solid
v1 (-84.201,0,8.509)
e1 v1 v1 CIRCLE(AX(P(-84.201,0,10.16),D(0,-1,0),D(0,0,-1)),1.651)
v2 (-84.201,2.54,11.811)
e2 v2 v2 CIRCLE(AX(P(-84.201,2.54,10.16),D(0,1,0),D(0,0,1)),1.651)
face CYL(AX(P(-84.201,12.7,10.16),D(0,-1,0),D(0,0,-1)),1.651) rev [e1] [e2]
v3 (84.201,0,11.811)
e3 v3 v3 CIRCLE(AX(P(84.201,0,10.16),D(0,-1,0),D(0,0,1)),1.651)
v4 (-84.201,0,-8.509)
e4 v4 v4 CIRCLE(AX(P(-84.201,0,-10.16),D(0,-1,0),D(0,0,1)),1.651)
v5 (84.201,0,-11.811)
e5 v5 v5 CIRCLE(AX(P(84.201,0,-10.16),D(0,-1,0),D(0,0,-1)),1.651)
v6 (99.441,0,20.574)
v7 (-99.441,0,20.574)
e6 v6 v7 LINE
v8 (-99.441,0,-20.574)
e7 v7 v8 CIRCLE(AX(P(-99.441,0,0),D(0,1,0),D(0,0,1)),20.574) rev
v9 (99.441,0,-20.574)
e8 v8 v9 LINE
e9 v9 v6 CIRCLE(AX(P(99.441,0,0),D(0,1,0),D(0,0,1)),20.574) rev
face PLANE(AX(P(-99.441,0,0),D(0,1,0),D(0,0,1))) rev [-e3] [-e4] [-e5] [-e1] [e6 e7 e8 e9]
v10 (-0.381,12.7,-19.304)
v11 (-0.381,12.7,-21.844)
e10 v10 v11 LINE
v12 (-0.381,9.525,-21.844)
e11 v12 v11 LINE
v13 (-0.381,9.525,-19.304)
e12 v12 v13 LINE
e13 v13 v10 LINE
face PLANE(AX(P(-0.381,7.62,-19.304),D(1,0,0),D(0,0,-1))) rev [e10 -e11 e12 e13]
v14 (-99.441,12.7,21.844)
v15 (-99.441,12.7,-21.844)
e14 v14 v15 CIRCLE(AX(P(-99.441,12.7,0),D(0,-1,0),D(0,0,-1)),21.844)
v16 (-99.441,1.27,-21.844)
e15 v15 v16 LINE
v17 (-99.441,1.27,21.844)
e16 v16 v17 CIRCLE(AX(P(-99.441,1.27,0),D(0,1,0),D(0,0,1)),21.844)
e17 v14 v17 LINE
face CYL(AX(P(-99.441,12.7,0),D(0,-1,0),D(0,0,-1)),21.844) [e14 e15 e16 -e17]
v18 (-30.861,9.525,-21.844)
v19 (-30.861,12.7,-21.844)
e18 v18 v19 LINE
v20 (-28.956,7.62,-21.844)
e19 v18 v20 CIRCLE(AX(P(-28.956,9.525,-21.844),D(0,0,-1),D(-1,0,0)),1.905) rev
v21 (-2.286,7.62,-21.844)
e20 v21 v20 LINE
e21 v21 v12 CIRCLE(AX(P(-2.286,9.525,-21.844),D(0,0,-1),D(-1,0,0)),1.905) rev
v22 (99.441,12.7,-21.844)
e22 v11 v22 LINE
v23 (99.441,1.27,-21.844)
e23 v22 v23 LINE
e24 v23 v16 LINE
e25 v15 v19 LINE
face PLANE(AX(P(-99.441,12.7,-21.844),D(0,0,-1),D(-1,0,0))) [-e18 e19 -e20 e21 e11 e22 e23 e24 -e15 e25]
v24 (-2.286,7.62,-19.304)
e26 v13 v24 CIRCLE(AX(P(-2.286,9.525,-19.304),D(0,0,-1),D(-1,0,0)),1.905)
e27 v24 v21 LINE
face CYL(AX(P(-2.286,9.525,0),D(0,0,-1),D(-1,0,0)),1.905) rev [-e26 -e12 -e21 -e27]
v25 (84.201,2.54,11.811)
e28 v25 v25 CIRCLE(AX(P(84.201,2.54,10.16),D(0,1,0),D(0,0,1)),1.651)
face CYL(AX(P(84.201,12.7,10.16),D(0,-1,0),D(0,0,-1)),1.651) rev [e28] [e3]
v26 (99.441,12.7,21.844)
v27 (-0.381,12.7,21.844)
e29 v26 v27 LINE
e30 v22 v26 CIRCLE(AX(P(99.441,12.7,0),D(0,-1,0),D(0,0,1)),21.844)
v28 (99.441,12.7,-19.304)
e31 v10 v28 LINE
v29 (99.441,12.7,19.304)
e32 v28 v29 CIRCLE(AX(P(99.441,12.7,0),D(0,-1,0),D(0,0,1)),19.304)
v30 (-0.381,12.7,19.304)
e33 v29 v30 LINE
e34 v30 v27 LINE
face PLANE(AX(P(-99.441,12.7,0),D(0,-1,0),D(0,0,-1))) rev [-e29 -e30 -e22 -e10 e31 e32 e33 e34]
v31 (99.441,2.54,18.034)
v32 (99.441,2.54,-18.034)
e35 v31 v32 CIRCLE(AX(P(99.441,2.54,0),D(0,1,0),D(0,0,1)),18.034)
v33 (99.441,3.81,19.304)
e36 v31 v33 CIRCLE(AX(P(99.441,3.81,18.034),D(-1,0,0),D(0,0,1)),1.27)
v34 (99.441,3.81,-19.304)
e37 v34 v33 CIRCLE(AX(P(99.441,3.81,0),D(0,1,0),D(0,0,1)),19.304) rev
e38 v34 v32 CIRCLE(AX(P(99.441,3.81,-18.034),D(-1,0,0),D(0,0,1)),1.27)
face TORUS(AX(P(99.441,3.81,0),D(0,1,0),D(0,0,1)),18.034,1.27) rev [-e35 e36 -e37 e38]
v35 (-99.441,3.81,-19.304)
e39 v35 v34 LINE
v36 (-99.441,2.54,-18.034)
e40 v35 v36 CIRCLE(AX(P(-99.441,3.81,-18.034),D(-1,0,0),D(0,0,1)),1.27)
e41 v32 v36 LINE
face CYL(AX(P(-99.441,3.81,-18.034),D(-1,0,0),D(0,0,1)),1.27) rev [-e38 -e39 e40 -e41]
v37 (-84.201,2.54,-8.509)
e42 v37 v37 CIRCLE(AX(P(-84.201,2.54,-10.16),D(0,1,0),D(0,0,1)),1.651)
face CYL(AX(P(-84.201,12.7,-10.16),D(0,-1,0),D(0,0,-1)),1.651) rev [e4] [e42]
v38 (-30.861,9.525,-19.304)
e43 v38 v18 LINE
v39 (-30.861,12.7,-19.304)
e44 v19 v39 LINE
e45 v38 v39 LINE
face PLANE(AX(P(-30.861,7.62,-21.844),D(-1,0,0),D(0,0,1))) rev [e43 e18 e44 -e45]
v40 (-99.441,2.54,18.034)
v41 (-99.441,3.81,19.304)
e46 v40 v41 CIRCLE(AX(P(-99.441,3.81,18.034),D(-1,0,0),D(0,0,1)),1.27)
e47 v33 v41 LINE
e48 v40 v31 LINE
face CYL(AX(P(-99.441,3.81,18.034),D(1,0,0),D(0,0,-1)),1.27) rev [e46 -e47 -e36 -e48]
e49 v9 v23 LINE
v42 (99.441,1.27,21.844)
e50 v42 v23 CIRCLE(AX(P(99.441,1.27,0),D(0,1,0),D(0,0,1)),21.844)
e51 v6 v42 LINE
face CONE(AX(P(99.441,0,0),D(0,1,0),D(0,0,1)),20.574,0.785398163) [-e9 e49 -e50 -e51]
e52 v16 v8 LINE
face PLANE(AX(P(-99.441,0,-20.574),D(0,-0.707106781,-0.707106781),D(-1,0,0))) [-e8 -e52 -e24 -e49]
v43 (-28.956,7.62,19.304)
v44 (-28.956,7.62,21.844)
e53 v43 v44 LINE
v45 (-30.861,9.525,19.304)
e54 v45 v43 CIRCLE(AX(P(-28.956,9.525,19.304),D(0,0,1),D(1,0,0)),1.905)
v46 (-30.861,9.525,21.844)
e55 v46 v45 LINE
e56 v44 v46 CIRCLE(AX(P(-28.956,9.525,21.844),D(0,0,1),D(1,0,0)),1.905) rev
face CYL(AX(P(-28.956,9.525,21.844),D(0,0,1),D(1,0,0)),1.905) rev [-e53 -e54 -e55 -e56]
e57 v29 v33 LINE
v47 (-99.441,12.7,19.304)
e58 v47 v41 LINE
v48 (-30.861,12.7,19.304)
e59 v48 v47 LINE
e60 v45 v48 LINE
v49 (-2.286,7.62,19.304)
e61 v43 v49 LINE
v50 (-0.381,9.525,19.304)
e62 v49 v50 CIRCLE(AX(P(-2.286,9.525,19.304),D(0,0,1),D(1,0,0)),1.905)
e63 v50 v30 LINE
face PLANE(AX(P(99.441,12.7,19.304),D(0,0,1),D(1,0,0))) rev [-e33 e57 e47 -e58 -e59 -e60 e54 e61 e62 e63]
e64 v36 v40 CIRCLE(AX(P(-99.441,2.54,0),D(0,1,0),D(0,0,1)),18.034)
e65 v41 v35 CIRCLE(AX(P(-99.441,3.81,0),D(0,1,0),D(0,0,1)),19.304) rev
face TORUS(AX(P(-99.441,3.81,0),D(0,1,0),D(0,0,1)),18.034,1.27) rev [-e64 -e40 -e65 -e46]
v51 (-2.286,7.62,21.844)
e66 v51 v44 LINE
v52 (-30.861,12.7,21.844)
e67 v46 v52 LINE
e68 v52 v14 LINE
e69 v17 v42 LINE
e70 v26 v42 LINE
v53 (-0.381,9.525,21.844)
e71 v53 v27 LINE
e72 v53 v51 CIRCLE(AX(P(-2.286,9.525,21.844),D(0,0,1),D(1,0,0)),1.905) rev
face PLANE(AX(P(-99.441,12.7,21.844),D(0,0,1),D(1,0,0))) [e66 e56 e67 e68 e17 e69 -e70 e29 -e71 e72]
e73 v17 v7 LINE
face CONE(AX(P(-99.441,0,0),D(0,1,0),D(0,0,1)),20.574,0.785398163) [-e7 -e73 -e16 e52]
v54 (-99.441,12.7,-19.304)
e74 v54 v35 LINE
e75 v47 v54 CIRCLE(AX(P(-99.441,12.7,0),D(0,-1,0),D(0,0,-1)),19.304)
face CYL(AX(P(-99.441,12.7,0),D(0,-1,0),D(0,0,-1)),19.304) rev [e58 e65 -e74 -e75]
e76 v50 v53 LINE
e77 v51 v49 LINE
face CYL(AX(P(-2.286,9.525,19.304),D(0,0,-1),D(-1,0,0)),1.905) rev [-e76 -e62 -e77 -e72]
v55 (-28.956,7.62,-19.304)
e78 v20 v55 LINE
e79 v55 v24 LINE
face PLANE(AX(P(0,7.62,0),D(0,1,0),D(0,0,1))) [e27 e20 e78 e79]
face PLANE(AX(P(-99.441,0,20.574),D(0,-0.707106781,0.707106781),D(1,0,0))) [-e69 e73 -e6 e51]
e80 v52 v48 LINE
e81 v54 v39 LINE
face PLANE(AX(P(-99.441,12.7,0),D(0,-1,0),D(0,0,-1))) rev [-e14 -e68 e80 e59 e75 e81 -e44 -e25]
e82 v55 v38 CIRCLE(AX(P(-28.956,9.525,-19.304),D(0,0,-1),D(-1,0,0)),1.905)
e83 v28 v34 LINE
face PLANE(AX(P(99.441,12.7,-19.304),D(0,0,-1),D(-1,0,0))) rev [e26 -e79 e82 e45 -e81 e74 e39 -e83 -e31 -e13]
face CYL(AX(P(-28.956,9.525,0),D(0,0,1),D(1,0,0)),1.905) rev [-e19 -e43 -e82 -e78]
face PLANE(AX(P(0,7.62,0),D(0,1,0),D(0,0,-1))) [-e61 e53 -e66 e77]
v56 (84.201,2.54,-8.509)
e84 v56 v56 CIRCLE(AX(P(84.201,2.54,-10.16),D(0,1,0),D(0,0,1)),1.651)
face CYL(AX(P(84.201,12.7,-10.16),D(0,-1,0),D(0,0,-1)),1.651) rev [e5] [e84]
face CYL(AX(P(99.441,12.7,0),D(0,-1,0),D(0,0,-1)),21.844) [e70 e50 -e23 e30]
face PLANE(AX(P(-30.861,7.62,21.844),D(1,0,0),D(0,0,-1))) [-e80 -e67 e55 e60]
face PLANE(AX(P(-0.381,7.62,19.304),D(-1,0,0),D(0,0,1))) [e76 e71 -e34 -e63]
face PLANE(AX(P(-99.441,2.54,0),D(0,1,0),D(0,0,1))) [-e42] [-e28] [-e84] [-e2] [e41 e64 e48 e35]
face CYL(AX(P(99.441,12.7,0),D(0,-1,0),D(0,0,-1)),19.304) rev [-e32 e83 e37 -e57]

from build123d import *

# Parameters (mm, degrees)
MAINBLOCK_DEPTH               = 2.54
BOSS_EXTRUDE1_DEPTH           = 12.7
SKETCH3_R                     = 1.651
MOUNT_HOLES_DEPTH             = 124.889069578
FILLET1_R                     = 1.27
CHAMFER1_SIZE                 = 1.27
SKETCH4_W                     = 30.48
SKETCH4_H                     = 2.54
STABILIZER_MOUNT_CUTOUT_DEPTH = 5.08
FILLET2_R                     = 1.905


with BuildPart() as part:
    # Sketch1 → MainBlock (new body)
    with BuildSketch(Plane(origin=(0, 0, 0), x_dir=(1, 0, 0), z_dir=(0, 1, 0))):
        with BuildLine():
            Line((-99.441, 19.304), (99.441, 19.304))
            ThreePointArc((99.441, 19.304), (118.745, 0), (99.441, -19.304))
            Line((99.441, -19.304), (-99.441, -19.304))
            ThreePointArc((-99.441, -19.304), (-118.745, 0), (-99.441, 19.304))
        make_face()
    extrude(amount=MAINBLOCK_DEPTH)

    # Sketch2 → Boss-Extrude1 (add)
    with BuildSketch(Plane.XZ):
        with BuildLine():
            Line((-99.441, 21.844), (99.441, 21.844))
            ThreePointArc((99.441, 21.844), (121.285, 0), (99.441, -21.844))
            Line((99.441, -21.844), (-99.441, -21.844))
            ThreePointArc((-99.441, -21.844), (-121.285, 0), (-99.441, 21.844))
        make_face()
        with BuildLine():
            Line((99.441, 19.304), (-99.441, 19.304))
            ThreePointArc((-99.441, 19.304), (-118.745, 0), (-99.441, -19.304))
            Line((-99.441, -19.304), (99.441, -19.304))
            ThreePointArc((99.441, -19.304), (118.745, 0), (99.441, 19.304))
        make_face(mode=Mode.SUBTRACT)
    extrude(amount=-BOSS_EXTRUDE1_DEPTH)

    # Sketch3 → Mount-Holes (cut, through all)
    with BuildSketch(Plane.XZ):
        with Locations(Location((-84.201, 10.16, 0), (0, 0, 270))):
            Circle(SKETCH3_R)
        with Locations(Location((84.201, 10.16, 0), (0, 0, 90))):
            Circle(SKETCH3_R)
        with Locations(Location((84.201, -10.16, 0), (0, 0, 270))):
            Circle(SKETCH3_R)
        with Locations(Location((-84.201, -10.16, 0), (0, 0, 90))):
            Circle(SKETCH3_R)
    extrude(amount=-MOUNT_HOLES_DEPTH, mode=Mode.SUBTRACT)

    # Fillet1
    fillet1_edges = [part.edges().sort_by_distance(p)[0] for p in [
        (118.745, 2.54, 0),
        (0, 2.54, -19.304),
        (-118.745, 2.54, 0),
        (0, 2.54, 19.304),
    ]]
    fillet(fillet1_edges, radius=FILLET1_R)

    # Chamfer1
    chamfer1_edges = [part.edges().sort_by_distance(p)[0] for p in [
        (-121.285, 0, 0),
        (0, 0, -21.844),
        (121.285, 0, 0),
        (0, 0, 21.844),
    ]]
    chamfer(chamfer1_edges, length=CHAMFER1_SIZE)

    # Sketch4 → Stabilizer-Mount-Cutout (cut)
    with BuildSketch(Plane(origin=(0, 12.7, 0), x_dir=(1, 0, 0), z_dir=(0, 1, 0))):
        with Locations((-15.621, 20.574)):
            Rectangle(SKETCH4_W, SKETCH4_H)
    stabilizer_mount_cutout = extrude(amount=-STABILIZER_MOUNT_CUTOUT_DEPTH, mode=Mode.SUBTRACT)

    # Mirror1: Stabilizer-Mount-Cutout across plane
    add(stabilizer_mount_cutout.mirror(Plane.XY), mode=Mode.SUBTRACT)

    # Fillet2
    fillet2_edges = [part.edges().sort_by_distance(p)[0] for p in [
        (-30.861, 7.62, 20.574),
        (-0.381, 7.62, 20.574),
        (-0.381, 7.62, -20.574),
        (-30.861, 7.62, -20.574),
    ]]
    fillet(fillet2_edges, radius=FILLET2_R)


solid = part.part
